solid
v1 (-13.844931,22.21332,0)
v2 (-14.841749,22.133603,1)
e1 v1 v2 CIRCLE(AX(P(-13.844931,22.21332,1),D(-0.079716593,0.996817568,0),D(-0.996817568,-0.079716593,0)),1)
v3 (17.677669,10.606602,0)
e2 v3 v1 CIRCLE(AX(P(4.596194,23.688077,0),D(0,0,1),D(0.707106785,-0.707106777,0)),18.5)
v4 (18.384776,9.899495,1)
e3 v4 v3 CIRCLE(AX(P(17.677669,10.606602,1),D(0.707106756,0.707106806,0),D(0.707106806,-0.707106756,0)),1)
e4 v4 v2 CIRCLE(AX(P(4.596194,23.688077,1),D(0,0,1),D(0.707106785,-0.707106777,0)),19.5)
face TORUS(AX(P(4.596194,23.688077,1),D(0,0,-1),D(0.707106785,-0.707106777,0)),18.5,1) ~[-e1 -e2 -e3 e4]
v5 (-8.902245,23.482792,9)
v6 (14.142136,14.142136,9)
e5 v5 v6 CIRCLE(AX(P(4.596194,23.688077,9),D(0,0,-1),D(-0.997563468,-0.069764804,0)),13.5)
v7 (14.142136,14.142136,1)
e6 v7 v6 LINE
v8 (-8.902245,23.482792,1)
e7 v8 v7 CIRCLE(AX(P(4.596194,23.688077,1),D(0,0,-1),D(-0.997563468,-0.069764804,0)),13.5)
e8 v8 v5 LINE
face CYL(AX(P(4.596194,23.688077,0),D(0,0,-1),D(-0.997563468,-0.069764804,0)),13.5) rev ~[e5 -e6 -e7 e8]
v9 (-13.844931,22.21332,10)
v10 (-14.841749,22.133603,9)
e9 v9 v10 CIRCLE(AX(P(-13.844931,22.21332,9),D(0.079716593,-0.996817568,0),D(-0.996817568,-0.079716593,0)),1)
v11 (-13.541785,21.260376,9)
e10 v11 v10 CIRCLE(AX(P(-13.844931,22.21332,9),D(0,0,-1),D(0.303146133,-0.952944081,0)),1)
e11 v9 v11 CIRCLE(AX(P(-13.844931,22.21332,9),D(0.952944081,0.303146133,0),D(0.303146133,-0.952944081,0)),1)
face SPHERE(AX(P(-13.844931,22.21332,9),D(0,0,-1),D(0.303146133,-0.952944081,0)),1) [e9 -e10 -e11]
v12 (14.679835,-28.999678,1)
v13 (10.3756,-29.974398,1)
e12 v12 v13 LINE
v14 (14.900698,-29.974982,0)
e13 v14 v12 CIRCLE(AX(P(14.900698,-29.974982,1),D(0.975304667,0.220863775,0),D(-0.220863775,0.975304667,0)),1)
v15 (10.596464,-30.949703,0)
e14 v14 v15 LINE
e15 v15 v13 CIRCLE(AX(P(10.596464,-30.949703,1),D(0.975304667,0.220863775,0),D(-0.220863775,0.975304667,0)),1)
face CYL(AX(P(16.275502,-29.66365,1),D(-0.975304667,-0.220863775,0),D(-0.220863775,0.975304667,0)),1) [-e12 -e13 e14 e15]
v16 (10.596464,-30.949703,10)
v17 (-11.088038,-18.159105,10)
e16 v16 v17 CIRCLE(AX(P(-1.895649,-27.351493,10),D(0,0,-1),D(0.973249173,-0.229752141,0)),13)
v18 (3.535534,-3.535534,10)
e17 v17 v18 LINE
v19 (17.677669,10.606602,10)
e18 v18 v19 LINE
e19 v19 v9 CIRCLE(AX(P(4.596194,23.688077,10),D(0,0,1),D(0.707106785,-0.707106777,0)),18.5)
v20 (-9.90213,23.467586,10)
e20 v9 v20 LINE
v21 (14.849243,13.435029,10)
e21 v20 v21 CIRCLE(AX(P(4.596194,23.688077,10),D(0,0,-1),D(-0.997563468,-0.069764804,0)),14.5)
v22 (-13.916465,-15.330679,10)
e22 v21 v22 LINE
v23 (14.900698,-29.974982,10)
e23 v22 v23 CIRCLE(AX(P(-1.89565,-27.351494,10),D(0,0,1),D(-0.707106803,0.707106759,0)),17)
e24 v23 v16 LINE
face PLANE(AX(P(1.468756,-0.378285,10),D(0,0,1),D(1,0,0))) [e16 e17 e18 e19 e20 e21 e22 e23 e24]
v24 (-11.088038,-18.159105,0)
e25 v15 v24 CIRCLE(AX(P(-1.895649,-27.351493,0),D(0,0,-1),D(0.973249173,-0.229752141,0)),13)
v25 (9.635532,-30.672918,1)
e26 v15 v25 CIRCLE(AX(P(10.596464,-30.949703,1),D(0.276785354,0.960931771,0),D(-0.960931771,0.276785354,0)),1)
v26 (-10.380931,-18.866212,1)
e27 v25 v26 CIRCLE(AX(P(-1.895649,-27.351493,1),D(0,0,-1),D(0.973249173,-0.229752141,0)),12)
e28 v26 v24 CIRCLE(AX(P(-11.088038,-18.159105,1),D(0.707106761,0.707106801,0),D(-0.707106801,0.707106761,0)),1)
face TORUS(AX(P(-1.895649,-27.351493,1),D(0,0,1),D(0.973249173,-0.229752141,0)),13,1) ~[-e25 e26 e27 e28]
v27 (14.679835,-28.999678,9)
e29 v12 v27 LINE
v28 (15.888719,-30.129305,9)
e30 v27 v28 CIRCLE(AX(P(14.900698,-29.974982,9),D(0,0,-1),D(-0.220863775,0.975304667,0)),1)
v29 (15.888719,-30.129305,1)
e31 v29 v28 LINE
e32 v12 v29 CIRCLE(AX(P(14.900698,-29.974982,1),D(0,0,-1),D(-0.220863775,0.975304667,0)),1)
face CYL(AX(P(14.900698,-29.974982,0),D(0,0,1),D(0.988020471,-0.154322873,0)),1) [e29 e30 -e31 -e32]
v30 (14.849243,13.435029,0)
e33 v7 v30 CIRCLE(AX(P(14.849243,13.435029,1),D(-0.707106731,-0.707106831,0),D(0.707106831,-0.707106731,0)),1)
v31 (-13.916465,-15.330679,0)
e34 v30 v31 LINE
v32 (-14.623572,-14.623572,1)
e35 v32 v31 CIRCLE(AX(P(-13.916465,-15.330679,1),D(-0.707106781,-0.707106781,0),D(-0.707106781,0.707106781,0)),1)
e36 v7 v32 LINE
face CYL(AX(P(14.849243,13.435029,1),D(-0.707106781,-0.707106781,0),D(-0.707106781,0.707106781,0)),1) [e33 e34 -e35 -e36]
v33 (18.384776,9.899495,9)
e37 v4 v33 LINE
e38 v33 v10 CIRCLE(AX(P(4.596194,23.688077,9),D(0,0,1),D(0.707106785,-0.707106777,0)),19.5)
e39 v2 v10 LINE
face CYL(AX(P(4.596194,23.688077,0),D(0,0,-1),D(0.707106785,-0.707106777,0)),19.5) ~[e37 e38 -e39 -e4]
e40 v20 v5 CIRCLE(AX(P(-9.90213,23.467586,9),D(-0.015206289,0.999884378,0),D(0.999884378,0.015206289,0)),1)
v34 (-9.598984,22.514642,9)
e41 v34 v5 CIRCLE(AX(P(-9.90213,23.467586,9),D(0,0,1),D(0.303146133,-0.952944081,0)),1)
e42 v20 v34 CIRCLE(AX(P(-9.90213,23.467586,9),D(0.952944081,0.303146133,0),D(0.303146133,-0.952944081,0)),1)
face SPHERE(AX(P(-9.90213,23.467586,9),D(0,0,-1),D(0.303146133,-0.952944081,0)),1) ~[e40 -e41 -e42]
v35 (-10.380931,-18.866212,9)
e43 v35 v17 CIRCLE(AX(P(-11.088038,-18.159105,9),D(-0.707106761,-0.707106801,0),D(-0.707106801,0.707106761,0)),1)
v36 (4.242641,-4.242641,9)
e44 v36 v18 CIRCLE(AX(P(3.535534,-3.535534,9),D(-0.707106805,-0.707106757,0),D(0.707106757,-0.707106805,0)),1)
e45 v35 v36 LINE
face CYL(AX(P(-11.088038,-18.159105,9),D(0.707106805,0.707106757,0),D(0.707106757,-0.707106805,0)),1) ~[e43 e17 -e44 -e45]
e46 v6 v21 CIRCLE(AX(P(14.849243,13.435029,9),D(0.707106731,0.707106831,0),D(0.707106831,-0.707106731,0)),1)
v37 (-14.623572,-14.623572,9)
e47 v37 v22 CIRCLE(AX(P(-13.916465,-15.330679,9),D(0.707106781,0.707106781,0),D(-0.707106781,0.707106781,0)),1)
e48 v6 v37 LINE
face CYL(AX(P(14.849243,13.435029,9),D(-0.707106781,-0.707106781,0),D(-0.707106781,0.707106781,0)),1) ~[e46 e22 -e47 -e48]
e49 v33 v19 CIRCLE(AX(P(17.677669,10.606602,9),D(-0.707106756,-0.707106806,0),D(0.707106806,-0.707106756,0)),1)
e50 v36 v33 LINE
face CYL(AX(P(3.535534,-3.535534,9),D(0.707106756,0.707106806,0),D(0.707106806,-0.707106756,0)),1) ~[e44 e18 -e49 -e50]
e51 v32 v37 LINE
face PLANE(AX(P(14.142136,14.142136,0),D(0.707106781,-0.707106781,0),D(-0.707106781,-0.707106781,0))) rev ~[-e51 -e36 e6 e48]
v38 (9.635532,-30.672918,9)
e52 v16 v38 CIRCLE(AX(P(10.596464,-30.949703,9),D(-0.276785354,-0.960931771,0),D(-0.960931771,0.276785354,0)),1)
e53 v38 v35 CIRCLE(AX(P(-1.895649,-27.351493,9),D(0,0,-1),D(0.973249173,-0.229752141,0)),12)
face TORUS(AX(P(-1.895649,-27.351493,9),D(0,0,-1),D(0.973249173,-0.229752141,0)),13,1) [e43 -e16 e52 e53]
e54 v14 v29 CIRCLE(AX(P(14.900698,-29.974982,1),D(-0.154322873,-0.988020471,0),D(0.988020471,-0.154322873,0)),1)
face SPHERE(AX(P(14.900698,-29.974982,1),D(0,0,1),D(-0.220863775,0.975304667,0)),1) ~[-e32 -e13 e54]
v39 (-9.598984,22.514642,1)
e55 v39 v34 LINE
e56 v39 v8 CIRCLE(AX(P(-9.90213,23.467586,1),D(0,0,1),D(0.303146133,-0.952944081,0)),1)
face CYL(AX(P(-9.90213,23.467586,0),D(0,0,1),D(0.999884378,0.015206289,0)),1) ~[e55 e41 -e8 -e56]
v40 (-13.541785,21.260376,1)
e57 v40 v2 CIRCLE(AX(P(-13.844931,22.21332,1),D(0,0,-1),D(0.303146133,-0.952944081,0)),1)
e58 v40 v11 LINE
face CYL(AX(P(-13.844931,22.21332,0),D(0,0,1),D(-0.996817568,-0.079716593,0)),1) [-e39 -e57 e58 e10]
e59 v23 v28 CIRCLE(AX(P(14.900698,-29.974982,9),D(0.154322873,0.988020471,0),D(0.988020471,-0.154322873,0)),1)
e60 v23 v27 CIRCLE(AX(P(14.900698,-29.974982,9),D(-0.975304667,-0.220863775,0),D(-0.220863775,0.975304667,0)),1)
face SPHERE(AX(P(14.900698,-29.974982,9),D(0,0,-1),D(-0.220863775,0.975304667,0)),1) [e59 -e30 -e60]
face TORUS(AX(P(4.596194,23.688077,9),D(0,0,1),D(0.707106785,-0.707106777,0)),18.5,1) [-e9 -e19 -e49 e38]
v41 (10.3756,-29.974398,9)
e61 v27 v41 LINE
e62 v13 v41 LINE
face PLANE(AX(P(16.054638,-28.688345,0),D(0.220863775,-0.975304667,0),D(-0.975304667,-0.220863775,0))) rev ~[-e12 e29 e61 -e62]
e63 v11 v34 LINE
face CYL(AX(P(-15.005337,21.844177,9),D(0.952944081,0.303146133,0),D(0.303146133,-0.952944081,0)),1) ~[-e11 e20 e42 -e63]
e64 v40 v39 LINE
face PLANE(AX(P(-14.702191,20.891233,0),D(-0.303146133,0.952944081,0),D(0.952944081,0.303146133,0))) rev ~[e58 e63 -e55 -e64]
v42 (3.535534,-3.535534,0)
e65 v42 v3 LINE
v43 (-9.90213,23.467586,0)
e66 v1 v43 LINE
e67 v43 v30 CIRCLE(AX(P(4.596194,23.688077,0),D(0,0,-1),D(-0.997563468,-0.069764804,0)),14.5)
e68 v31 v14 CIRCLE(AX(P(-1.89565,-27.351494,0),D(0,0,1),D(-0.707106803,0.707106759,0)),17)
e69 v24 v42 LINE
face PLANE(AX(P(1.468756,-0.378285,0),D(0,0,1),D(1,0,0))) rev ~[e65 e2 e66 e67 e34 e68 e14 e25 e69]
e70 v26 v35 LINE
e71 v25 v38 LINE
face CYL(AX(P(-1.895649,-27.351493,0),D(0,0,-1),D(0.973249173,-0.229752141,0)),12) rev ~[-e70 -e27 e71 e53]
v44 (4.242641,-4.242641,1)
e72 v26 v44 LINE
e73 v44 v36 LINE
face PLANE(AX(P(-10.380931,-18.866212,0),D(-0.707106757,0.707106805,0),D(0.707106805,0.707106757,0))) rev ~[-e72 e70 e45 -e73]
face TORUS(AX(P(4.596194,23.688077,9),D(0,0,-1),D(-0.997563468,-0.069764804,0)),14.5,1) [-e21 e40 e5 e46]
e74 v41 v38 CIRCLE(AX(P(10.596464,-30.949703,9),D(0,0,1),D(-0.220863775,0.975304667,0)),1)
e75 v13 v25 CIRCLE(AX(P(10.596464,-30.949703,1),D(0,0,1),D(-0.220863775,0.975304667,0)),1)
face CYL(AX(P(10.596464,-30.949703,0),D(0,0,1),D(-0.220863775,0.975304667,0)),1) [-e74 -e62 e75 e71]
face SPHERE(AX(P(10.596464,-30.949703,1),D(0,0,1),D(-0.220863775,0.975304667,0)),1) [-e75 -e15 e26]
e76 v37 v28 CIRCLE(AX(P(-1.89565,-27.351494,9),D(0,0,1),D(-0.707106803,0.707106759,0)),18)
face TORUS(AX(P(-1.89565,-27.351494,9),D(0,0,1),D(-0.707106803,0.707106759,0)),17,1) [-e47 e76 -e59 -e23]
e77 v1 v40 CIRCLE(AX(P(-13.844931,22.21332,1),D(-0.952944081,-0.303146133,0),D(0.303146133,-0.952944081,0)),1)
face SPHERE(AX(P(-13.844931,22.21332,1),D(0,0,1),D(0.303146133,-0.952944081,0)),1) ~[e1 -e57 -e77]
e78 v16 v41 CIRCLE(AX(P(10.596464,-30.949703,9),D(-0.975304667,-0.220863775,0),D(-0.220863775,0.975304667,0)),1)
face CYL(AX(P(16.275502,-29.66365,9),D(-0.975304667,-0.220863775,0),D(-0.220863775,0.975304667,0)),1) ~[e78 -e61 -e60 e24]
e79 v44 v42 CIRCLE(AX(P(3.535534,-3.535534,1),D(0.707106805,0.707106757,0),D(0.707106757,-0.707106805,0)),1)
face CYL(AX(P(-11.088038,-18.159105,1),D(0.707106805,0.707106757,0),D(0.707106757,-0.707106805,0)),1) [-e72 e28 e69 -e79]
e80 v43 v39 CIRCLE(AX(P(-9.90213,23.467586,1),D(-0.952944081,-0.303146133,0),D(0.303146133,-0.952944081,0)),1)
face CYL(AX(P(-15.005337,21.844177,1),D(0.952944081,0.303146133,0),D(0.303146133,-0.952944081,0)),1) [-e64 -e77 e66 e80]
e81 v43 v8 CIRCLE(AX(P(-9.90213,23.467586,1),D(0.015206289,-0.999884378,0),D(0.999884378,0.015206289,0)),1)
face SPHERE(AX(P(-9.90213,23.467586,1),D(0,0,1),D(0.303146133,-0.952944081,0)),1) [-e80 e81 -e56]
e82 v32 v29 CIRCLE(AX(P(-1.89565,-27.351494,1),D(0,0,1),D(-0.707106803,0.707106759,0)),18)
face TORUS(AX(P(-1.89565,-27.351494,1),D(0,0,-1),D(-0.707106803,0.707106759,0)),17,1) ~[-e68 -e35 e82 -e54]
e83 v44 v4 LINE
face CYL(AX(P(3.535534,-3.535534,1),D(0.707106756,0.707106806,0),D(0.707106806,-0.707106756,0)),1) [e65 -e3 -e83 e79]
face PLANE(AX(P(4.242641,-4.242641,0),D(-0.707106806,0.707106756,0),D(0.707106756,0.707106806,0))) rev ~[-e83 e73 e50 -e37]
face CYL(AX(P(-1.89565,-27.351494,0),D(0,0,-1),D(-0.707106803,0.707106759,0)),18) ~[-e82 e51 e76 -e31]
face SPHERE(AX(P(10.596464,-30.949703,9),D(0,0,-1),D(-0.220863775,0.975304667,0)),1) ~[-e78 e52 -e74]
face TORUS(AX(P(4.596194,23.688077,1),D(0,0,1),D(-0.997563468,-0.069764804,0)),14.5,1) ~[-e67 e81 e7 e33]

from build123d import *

# Parameters (mm, degrees)
F1_DEPTH = 10
F2_R     = 1


with BuildPart() as f1:
    # F0 (on Top) → F1 (new body)
    with BuildSketch(Plane.XY):
        with BuildLine():
            ThreePointArc((-8.870913, 22.746252), (9.323941, 36.333171), (14.142136, 14.142136))
            Line((14.142136, 14.142136), (0, 0))
            Line((0, 0), (-14.623572, -14.623572))
            ThreePointArc((-14.623572, -14.623572), (-9.397165, -43.713867), (16.054638, -28.688345))
            Line((16.054638, -28.688345), (9.783341, -30.108519))
            ThreePointArc((9.783341, -30.108519), (-7.739219, -37.832557), (-10.380931, -18.866212))
            Line((-10.380931, -18.866212), (4.242641, -4.242641))
            Line((4.242641, -4.242641), (18.384776, 9.899495))
            ThreePointArc((18.384776, 9.899495), (10.743881, 42.193642), (-14.702191, 20.891233))
            Line((-14.702191, 20.891233), (-8.870913, 22.746252))
        make_face()
    extrude(amount=F1_DEPTH)

    # F2
    f2_edges = [f1.edges().sort_by_distance(p)[0] for p in [
        (-14.702191, 20.891233, 5),
        (-8.870913, 22.746252, 5),
        (-11.786552, 21.818742, 0),
        (-11.786552, 21.818742, 10),
        (16.054638, -28.688345, 5),
        (9.783341, -30.108519, 5),
        (12.918989, -29.398432, 0),
        (12.918989, -29.398432, 10),
        (14.142136, 14.142136, 5),
        (9.323941, 36.333171, 0),
        (9.323941, 36.333171, 10),
        (-10.380931, -18.866212, 5),
        (-7.739219, -37.832557, 0),
        (-7.739219, -37.832557, 10),
    ]]
    fillet(f2_edges, radius=F2_R)


solid = f1.part
